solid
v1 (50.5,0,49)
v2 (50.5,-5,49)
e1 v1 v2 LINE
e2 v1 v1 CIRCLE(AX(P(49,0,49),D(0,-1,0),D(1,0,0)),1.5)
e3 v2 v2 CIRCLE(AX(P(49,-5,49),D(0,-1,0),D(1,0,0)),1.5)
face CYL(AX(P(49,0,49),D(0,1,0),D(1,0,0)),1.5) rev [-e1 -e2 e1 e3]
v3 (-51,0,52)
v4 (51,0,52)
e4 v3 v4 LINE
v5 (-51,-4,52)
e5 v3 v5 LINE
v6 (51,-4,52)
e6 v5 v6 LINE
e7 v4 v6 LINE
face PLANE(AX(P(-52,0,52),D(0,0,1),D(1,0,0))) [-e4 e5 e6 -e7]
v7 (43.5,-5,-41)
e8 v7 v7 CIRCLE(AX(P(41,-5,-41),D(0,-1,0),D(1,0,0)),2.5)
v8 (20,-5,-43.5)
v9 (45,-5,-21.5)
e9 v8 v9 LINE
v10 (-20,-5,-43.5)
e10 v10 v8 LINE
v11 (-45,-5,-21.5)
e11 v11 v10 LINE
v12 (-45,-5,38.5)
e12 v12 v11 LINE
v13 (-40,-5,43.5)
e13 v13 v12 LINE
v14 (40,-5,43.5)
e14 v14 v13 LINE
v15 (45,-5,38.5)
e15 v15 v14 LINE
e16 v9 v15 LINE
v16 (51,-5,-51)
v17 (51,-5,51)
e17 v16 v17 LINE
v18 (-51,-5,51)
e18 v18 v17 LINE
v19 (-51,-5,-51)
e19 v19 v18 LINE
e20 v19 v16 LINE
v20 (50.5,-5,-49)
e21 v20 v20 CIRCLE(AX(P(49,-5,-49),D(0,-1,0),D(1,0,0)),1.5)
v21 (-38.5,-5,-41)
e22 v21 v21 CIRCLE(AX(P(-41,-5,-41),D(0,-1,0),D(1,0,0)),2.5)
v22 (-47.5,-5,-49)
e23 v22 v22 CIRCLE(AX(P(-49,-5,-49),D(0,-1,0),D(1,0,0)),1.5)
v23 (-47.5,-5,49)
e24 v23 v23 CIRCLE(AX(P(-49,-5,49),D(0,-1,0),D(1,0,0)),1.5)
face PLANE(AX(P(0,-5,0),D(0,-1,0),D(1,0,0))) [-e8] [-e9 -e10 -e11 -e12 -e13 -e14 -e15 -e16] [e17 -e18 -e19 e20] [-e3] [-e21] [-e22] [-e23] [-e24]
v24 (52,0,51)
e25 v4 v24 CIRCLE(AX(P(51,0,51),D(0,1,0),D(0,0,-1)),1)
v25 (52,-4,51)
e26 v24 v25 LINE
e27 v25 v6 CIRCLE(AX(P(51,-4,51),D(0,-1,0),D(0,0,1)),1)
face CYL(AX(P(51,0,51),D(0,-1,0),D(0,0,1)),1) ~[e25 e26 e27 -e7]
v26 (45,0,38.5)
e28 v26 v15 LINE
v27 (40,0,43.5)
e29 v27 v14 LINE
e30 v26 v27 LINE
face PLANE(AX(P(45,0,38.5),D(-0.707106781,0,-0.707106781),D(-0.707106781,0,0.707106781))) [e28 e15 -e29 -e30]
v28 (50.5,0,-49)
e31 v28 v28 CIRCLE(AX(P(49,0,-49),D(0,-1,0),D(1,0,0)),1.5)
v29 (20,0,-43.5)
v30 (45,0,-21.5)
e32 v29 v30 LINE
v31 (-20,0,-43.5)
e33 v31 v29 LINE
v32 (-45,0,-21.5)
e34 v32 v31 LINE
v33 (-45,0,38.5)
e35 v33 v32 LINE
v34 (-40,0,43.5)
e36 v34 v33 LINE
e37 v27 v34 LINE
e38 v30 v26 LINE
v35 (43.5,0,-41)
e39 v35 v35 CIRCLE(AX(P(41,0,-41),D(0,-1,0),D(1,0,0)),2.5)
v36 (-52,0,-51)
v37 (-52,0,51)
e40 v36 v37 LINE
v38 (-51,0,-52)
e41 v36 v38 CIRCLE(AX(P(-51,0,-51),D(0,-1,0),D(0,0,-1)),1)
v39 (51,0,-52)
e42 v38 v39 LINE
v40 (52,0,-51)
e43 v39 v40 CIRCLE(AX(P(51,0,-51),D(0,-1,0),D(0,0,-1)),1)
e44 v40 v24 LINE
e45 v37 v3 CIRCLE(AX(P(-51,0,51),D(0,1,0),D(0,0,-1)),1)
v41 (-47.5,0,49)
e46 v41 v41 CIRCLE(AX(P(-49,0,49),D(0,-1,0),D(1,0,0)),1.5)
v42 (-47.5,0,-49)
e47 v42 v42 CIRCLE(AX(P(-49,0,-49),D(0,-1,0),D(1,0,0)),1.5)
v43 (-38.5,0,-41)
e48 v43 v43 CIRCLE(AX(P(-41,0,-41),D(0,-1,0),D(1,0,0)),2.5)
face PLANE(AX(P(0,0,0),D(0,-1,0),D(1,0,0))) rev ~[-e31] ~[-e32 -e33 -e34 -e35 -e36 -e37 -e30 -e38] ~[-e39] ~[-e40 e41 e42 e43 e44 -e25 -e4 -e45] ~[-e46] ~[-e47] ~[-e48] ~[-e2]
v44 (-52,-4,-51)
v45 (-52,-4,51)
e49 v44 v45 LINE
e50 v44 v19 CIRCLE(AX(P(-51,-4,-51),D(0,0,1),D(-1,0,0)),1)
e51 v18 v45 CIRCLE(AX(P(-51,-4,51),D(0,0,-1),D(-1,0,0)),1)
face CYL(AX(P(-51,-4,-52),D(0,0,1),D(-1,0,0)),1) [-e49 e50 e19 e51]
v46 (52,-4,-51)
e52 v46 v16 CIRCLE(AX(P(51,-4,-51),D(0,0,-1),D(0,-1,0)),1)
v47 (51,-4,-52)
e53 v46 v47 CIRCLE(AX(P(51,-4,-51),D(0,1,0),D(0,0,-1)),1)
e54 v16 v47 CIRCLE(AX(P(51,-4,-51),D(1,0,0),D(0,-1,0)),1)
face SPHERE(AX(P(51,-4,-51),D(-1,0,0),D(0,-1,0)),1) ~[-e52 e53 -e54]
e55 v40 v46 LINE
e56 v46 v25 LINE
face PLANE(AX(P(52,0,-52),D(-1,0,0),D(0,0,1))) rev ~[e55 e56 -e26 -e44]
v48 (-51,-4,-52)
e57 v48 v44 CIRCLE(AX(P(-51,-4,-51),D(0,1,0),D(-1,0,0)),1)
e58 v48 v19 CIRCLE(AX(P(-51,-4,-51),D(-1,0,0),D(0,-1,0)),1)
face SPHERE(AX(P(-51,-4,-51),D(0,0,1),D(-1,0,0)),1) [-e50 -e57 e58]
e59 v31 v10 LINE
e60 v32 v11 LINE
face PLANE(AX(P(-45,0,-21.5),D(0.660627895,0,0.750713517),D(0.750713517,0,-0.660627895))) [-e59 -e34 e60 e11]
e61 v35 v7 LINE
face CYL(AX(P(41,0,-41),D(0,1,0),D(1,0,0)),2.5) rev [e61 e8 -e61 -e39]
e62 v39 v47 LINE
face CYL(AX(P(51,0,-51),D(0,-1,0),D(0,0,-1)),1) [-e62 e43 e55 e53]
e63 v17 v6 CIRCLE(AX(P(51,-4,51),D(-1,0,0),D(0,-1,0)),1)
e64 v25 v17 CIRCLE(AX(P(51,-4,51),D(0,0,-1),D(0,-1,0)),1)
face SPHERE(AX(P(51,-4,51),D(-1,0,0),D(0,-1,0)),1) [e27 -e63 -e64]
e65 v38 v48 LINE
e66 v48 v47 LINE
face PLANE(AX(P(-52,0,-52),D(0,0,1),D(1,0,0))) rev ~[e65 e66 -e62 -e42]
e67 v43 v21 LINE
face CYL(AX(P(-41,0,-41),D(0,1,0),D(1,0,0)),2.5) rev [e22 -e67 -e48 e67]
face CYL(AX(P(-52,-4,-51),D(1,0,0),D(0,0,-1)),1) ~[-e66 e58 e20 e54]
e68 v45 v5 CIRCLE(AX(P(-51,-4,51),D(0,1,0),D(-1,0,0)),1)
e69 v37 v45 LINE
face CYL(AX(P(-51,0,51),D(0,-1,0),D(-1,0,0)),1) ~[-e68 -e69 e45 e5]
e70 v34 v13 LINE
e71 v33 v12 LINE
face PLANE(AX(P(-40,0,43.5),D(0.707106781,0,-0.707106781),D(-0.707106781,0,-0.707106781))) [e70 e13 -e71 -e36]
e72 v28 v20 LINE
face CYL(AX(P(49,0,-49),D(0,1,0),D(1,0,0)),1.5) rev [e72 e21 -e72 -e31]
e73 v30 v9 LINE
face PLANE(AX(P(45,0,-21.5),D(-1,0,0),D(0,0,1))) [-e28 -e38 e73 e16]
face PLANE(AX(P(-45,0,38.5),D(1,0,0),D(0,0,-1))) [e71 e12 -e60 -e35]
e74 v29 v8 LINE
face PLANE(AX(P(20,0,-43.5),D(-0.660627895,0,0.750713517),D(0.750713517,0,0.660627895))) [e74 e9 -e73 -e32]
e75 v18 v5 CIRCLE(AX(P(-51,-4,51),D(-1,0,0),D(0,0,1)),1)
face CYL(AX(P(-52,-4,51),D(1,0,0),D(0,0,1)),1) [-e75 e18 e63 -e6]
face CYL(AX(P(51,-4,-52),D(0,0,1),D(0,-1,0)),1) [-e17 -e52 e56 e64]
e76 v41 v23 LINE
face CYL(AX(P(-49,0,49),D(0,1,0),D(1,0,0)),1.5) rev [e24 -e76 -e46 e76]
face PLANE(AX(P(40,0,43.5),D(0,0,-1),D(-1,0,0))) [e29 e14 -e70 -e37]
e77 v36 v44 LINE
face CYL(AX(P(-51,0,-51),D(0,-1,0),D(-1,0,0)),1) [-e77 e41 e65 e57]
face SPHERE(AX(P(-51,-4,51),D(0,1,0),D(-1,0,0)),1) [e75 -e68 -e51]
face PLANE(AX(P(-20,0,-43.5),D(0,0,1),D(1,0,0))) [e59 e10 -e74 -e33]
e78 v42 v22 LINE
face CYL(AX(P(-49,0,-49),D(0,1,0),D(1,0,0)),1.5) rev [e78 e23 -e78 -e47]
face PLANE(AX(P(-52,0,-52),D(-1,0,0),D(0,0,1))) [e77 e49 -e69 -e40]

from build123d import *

# Parameters (mm, degrees)
F0_W        = 104
F0_H        = 104
F0_R        = 1.5
F0_R_2      = 2.5
F2_DEPTH    = 5
F2_FACE_W   = 104
F2_FACE_H   = 104
F2_FACE_R   = 1.5
F2_FACE_R_2 = 2.5
F3_DEPTH    = 25
F4_R        = 1


with BuildPart() as f2:
    # F0 (on Front) → F2 (new body)
    with BuildSketch(Plane.XZ):
        Rectangle(F0_W, F0_H)
        with Locations((-49, -49)):
            Circle(F0_R, mode=Mode.SUBTRACT)
        with Locations((-41, -41)):
            Circle(F0_R_2, mode=Mode.SUBTRACT)
        with Locations((49, -49)):
            Circle(F0_R, mode=Mode.SUBTRACT)
        with Locations((41, -41)):
            Circle(F0_R_2, mode=Mode.SUBTRACT)
        with Locations((-49, 49)):
            Circle(F0_R, mode=Mode.SUBTRACT)
        with Locations((49, 49)):
            Circle(F0_R, mode=Mode.SUBTRACT)
    extrude(amount=F2_DEPTH)

    # F1 (on Front) + F2_face (on face) → F3 (cut)
    with BuildSketch(Plane.XZ):
        Polygon((40, 43.5), (-40, 43.5), (-45, 38.5), (-45, -21.5), (-20, -43.5), (20, -43.5), (45, -21.5), (45, 38.5), align=None)
    with BuildSketch(Plane(origin=(0, -5, 0.149795), x_dir=(1, 0, 0), z_dir=(0, -1, 0))):
        with Locations((0, -0.149795)):
            Rectangle(F2_FACE_W, F2_FACE_H)
        with Locations((-49, -49.149795)):
            Circle(F2_FACE_R, mode=Mode.SUBTRACT)
        with Locations((-41, -41.149795)):
            Circle(F2_FACE_R_2, mode=Mode.SUBTRACT)
        with Locations((49, -49.149795)):
            Circle(F2_FACE_R, mode=Mode.SUBTRACT)
        with Locations((41, -41.149795)):
            Circle(F2_FACE_R_2, mode=Mode.SUBTRACT)
        with Locations((-49, 48.850205)):
            Circle(F2_FACE_R, mode=Mode.SUBTRACT)
        with Locations((49, 48.850205)):
            Circle(F2_FACE_R, mode=Mode.SUBTRACT)
    extrude(amount=F3_DEPTH, mode=Mode.SUBTRACT)

    # F4
    f4_edges = [f2.edges().sort_by_distance(p)[0] for p in [
        (-52, -2.5, 52),
        (-52, -5, 0),
        (0, -5, 52),
        (-52, -2.5, -52),
        (0, -5, -52),
        (52, -5, 0),
        (52, -2.5, 52),
        (52, -2.5, -52),
    ]]
    fillet(f4_edges, radius=F4_R)


solid = f2.part
